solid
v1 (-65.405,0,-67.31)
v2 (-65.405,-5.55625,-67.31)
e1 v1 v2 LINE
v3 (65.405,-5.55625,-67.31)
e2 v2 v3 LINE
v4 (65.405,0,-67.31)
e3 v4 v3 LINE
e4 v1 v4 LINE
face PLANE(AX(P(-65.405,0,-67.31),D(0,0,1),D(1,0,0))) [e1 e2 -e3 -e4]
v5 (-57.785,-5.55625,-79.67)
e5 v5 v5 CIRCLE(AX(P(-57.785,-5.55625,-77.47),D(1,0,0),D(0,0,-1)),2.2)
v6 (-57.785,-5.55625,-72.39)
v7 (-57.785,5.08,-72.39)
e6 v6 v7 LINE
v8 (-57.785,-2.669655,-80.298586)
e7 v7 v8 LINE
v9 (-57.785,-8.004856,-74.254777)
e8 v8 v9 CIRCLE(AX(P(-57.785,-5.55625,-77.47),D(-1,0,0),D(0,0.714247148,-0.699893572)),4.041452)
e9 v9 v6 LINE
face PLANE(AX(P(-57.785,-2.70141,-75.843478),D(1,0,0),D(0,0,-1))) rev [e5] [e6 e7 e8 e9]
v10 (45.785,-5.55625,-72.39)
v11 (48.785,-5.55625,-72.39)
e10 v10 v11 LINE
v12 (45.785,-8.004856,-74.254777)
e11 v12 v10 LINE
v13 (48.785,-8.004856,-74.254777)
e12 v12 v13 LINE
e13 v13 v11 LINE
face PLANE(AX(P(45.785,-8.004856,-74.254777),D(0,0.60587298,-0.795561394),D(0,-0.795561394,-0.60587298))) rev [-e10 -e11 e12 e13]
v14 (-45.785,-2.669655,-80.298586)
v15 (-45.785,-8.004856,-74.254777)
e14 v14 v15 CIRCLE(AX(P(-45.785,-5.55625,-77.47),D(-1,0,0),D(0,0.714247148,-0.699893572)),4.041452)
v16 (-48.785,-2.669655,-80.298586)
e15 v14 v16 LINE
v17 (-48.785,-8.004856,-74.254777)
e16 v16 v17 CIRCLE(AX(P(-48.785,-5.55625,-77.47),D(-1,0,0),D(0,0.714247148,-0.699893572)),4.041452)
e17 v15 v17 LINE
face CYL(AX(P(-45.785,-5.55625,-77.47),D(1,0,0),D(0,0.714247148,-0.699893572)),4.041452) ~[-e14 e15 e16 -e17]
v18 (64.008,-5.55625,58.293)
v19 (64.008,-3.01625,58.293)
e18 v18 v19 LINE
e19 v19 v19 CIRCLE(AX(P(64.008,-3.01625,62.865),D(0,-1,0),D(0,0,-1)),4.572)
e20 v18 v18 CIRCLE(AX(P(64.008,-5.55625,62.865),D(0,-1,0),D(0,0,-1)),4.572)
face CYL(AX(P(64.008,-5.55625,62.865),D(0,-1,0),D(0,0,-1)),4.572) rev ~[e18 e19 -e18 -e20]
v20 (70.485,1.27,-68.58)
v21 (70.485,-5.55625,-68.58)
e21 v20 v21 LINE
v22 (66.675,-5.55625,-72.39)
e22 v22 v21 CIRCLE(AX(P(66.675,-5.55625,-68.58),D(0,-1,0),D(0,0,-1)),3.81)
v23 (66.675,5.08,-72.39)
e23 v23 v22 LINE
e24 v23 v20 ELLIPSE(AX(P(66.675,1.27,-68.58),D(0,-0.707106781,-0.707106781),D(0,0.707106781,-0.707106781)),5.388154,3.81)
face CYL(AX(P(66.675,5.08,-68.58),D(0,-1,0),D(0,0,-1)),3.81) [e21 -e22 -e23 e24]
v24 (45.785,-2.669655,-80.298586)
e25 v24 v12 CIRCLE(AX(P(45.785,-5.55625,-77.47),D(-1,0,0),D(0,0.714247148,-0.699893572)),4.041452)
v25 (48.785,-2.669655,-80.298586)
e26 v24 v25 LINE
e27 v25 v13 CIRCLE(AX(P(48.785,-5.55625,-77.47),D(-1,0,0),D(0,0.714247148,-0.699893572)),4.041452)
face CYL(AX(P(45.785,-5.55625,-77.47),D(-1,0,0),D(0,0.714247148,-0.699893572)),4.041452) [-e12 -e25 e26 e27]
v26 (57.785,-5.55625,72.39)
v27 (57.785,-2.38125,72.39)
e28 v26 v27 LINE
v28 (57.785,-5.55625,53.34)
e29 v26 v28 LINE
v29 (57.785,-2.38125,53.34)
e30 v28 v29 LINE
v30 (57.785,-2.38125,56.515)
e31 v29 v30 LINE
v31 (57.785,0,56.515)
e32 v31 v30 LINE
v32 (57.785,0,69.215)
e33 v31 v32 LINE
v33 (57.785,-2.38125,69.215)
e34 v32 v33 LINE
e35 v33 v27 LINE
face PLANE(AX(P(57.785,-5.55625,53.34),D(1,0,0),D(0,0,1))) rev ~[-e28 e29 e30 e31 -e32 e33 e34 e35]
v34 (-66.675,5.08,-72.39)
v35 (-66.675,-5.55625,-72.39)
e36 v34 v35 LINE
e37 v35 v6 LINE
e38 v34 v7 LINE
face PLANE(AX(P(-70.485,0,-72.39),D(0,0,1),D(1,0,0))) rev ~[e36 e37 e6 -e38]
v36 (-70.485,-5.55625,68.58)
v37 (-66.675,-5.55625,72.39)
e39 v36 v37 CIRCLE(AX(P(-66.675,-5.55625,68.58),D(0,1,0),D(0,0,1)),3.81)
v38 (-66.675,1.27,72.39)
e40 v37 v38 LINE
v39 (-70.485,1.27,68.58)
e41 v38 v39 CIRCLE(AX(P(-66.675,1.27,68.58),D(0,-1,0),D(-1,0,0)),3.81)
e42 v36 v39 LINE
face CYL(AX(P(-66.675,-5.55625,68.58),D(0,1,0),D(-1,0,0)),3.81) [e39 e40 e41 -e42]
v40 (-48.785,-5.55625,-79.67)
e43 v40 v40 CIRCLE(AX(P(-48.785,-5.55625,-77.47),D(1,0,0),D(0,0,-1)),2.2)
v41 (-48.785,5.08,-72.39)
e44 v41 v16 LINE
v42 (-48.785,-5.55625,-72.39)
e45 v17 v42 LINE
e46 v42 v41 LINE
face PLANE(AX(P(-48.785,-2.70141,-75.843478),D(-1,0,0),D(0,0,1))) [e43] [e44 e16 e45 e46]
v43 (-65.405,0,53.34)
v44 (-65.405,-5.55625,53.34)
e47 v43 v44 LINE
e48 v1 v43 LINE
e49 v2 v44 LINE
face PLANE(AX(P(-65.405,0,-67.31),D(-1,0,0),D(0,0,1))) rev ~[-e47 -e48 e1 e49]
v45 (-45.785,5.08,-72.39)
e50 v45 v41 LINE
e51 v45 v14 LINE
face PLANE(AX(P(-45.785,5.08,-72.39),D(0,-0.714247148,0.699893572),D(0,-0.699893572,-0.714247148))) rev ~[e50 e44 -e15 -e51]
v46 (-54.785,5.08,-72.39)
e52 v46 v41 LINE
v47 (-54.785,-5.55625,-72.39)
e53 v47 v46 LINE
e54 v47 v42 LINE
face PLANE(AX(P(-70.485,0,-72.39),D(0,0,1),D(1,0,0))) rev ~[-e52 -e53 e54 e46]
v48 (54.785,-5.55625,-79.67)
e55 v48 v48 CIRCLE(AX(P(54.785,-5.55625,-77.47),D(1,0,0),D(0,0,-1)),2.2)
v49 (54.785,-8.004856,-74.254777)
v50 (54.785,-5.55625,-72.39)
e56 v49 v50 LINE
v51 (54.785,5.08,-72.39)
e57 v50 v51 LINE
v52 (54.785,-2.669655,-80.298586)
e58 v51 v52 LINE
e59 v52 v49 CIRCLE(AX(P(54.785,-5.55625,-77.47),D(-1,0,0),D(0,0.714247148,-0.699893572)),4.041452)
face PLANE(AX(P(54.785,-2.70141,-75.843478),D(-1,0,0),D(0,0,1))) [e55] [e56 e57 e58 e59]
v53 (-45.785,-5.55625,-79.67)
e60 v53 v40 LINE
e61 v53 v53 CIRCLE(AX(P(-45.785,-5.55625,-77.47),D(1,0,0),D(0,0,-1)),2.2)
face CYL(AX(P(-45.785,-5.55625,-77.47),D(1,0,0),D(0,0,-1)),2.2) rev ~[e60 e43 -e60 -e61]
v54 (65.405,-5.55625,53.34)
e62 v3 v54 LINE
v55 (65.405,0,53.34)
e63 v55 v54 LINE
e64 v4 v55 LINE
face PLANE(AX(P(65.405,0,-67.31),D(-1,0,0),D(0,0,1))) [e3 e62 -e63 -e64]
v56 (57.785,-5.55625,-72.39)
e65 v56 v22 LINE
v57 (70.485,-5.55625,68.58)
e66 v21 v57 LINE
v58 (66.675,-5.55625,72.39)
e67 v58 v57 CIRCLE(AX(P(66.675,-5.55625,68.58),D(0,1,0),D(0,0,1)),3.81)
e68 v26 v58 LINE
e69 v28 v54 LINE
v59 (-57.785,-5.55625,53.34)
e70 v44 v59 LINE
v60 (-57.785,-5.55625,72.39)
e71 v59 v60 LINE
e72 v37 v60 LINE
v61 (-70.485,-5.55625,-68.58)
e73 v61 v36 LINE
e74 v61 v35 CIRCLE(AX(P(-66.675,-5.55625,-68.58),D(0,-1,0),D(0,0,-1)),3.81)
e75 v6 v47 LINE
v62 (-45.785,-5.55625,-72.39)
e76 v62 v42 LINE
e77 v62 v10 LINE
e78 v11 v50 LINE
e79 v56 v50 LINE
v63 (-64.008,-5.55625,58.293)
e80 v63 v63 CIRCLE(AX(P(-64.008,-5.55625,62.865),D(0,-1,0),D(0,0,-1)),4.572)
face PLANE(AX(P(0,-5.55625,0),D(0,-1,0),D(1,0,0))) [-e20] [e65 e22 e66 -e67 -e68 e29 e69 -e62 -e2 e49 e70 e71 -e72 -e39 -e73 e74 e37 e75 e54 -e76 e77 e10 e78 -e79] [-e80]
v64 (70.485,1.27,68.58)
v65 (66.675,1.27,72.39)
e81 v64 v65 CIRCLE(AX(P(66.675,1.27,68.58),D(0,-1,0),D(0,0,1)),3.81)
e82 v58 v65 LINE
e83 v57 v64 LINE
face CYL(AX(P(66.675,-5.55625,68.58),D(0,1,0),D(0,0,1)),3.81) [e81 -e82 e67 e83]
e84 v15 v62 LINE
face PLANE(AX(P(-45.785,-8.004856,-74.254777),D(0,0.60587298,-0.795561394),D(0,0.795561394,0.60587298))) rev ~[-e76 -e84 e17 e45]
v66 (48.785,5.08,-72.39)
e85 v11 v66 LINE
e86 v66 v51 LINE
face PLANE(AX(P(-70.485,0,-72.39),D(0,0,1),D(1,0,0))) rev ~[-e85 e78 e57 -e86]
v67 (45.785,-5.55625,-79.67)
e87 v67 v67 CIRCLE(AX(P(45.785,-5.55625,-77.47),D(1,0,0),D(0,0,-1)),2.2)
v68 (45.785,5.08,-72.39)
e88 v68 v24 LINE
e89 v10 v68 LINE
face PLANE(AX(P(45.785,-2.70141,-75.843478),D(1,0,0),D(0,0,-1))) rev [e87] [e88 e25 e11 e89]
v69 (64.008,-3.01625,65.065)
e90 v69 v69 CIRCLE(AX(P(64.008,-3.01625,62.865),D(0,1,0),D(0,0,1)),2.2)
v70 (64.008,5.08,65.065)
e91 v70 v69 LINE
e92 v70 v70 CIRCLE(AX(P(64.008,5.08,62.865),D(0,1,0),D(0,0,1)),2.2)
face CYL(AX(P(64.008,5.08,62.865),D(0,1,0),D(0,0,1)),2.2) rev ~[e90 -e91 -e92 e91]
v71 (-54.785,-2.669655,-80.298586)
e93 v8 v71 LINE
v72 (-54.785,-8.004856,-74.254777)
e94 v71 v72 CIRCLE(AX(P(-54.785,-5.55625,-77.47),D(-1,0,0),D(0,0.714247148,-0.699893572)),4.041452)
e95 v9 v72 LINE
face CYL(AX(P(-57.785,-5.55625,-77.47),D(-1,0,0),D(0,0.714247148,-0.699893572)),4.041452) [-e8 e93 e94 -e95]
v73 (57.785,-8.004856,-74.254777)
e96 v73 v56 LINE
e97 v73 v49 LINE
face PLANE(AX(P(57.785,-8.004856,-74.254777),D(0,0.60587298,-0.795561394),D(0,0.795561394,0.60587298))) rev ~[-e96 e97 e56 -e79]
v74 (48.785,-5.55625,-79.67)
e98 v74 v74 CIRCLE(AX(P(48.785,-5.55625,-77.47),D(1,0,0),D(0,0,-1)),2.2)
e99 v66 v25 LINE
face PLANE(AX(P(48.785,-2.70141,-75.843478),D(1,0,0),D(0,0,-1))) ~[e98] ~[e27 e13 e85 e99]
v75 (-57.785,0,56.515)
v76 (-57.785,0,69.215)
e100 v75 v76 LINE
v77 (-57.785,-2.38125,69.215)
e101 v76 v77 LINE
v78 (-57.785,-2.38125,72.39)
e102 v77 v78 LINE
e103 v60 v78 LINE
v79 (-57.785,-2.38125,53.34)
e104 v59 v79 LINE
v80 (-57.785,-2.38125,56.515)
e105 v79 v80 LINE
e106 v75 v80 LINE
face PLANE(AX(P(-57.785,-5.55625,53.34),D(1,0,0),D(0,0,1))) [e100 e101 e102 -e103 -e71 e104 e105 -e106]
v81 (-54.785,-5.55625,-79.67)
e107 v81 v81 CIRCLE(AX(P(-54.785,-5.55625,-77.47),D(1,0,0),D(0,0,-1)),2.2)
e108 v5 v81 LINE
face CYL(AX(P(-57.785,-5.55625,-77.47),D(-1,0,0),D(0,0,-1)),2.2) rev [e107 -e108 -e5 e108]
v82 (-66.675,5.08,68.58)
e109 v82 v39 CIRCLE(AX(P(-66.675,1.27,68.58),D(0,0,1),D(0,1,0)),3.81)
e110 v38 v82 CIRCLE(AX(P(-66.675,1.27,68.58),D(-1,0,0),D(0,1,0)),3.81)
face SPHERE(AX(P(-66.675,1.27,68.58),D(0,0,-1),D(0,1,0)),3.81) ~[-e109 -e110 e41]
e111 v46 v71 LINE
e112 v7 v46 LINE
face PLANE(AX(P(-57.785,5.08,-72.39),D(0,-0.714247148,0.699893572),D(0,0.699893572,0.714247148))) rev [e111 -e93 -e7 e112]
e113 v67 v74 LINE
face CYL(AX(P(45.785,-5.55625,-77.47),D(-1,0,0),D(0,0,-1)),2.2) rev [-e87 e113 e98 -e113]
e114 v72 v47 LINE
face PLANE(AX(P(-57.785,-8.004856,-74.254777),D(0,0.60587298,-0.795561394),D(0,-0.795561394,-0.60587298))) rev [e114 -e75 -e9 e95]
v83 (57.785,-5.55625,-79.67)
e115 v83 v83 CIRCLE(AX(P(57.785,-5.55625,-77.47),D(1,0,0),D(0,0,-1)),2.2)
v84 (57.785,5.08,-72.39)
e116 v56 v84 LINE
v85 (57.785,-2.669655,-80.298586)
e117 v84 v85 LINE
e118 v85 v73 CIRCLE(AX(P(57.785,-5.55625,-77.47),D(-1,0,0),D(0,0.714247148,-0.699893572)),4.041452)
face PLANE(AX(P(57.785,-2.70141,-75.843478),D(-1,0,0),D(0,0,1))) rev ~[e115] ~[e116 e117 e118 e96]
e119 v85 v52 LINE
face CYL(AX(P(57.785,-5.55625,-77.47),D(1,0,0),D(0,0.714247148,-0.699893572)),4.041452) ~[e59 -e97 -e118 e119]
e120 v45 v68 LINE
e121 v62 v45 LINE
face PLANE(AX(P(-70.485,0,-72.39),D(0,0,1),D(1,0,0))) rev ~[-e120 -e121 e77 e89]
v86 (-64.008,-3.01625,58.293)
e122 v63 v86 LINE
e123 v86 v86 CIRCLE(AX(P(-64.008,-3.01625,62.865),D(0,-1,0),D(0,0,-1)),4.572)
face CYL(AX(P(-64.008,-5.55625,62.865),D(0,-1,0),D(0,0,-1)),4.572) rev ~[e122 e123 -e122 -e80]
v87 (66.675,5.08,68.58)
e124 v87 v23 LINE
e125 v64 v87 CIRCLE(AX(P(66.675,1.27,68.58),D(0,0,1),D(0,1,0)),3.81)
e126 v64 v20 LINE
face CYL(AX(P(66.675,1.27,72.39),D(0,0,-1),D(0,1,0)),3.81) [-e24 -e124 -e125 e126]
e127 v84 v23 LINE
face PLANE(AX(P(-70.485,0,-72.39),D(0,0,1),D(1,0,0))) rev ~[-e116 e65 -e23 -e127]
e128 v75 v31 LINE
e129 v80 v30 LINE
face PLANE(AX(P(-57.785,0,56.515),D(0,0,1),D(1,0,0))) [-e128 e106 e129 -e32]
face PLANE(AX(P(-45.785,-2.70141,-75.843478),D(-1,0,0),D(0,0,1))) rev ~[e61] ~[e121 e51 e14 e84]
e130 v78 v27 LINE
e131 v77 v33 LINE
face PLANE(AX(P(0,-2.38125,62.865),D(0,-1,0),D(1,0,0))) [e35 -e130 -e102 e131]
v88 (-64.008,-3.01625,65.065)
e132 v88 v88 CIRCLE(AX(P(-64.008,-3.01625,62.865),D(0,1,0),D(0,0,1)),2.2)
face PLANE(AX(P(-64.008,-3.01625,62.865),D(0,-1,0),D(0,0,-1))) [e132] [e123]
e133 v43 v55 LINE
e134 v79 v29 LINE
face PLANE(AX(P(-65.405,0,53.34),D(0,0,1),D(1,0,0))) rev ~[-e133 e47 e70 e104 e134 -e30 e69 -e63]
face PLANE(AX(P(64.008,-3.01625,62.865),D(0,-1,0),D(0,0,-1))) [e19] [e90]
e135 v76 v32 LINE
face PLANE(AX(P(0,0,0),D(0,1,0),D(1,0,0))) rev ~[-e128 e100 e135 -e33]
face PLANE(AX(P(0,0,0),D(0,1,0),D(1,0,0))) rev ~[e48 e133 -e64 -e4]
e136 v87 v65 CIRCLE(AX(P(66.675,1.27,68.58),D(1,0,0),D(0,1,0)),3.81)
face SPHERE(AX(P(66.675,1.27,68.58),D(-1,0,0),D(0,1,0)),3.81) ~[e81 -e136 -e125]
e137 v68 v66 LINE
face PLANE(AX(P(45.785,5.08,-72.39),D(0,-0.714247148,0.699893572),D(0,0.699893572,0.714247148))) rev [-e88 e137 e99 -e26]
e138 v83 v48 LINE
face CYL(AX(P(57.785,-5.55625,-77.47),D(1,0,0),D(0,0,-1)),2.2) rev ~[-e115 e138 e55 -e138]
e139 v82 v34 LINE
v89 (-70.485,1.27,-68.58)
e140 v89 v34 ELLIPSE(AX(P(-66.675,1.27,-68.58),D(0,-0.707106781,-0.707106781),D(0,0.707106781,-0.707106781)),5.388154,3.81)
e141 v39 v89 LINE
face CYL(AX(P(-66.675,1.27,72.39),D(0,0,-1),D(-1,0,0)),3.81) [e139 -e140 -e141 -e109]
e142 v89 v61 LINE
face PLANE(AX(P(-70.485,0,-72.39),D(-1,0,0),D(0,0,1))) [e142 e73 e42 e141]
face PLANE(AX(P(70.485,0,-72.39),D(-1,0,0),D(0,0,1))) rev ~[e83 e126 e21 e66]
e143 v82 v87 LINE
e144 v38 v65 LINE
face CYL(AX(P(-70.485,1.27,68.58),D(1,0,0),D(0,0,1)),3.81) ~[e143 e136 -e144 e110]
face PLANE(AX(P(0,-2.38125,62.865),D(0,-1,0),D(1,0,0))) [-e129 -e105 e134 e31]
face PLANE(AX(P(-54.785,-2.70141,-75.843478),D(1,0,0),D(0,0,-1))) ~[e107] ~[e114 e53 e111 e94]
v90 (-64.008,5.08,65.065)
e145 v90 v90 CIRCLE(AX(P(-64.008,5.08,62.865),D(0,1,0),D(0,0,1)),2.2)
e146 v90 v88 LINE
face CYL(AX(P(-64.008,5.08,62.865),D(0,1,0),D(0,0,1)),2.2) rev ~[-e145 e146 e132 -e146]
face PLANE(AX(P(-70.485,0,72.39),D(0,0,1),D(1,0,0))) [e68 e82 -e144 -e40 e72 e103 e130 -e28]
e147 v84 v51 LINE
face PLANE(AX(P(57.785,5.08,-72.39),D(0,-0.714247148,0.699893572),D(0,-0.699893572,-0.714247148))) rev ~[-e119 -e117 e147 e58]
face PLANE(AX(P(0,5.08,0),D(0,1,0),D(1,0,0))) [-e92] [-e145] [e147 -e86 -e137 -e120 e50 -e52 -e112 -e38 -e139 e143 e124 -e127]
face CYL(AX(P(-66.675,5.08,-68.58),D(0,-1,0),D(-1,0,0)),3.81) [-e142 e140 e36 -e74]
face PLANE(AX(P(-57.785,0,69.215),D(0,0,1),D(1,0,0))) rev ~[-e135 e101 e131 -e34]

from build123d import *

# Parameters (mm, degrees)
SKETCH1_W               = 140.97
SKETCH1_H               = 144.78
BOSS_EXTRUDE1_DEPTH     = 5.08
SKETCH2_W               = 140.97
SKETCH2_H               = 144.78
SKETCH2_W_2             = 115.57
SKETCH2_H_2             = 12.7
SKETCH2_W_3             = 130.81
SKETCH2_H_3             = 120.65
BOSS_EXTRUDE2_DEPTH     = 5.55625
SKETCH3_W               = 115.57
SKETCH3_H               = 19.05
CUT_EXTRUDE1_DEPTH      = 3.175
SKETCH4_R               = 2.2
BOSS_EXTRUDE3_DEPTH     = 3
MIRROR2_COPY_1_SKETCH_R = 2.2
MIRROR2_COPY_1_DEPTH    = 3
SKETCH5_R               = 2.2
CUT_EXTRUDE2_DEPTH      = 109.755169743
SKETCH6_R               = 4.572
CUT_EXTRUDE3_DEPTH      = 2.54
FILLET1_R               = 3.81


with BuildPart() as part:
    # Sketch1 → Boss-Extrude1 (new body)
    with BuildSketch(Plane(origin=(0, 0, 0), x_dir=(1, 0, 0), z_dir=(0, 1, 0))):
        Rectangle(SKETCH1_W, SKETCH1_H)
    extrude(amount=BOSS_EXTRUDE1_DEPTH)

    # Sketch2 → Boss-Extrude2 (add)
    with BuildSketch(Plane.XZ):
        Rectangle(SKETCH2_W, SKETCH2_H)
        with Locations((0, 62.865)):
            Rectangle(SKETCH2_W_2, SKETCH2_H_2, mode=Mode.SUBTRACT)
        with Locations((0, -6.985)):
            Rectangle(SKETCH2_W_3, SKETCH2_H_3, mode=Mode.SUBTRACT)
    extrude(amount=BOSS_EXTRUDE2_DEPTH)

    # Sketch3 → Cut-Extrude1 (cut)
    with BuildSketch(Plane.XZ.offset(5.55625)):
        with Locations((0, 62.865)):
            Rectangle(SKETCH3_W, SKETCH3_H)
    extrude(amount=-CUT_EXTRUDE1_DEPTH, mode=Mode.SUBTRACT)

    # Sketch4 → Boss-Extrude3 (add)
    with BuildSketch(Plane(origin=(57.785, 0, 0), x_dir=(0, 0, -1), z_dir=(1, 0, 0))):
        with BuildLine():
            Line((72.39, 5.08), (80.298586194, -2.669654518))
            ThreePointArc((80.298586194, -2.669654518), (80.144596616, -8.586079413), (74.254776903, -8.004856495))
            Line((74.254776903, -8.004856495), (72.39, -5.55625))
            Line((72.39, -5.55625), (72.39, 5.08))
        make_face()
        with Locations((77.47, -5.55625)):
            Circle(SKETCH4_R, mode=Mode.SUBTRACT)
    boss_extrude3 = extrude(amount=-BOSS_EXTRUDE3_DEPTH)

    # Mirror1: Boss-Extrude3 across plane
    add(boss_extrude3.mirror(Plane.ZY.offset(-51.784999904)))

    # Mirror2: Boss-Extrude3 across plane
    add(boss_extrude3.mirror(Plane(origin=(0, 0, 0), x_dir=(0, 0, 1), z_dir=(1, 0, 0))))

    # Mirror2 copy 1 sketch → Mirror2 copy 1 (add)
    with BuildSketch(Plane(origin=(-45.784999808, 0, 0), x_dir=(0, 0, -1), z_dir=(1, 0, 0))):
        with BuildLine():
            Line((72.39, 5.08), (80.298586194, -2.669654518))
            ThreePointArc((80.298586194, -2.669654518), (80.144596616, -8.586079413), (74.254776903, -8.004856495))
            Line((74.254776903, -8.004856495), (72.39, -5.55625))
            Line((72.39, -5.55625), (72.39, 5.08))
        make_face()
        with Locations((77.47, -5.55625)):
            Circle(MIRROR2_COPY_1_SKETCH_R, mode=Mode.SUBTRACT)
    extrude(amount=-MIRROR2_COPY_1_DEPTH)

    # Sketch5 → Cut-Extrude2 (cut, through all)
    with BuildSketch(Plane(origin=(0, 5.08, 0), x_dir=(1, 0, 0), z_dir=(0, 1, 0))):
        with Locations(Location((64.008, -62.865, 0), (0, 0, 270))):
            Circle(SKETCH5_R)
        with Locations(Location((-64.008, -62.865, 0), (0, 0, 270))):
            Circle(SKETCH5_R)
    extrude(amount=-CUT_EXTRUDE2_DEPTH, mode=Mode.SUBTRACT)

    # Sketch6 → Cut-Extrude3 (cut)
    with BuildSketch(Plane.XZ.offset(5.55625)):
        with Locations(Location((-64.008, 62.865, 0), (0, 0, 270))):
            Circle(SKETCH6_R)
        with Locations(Location((64.008, 62.865, 0), (0, 0, 270))):
            Circle(SKETCH6_R)
    extrude(amount=-CUT_EXTRUDE3_DEPTH, mode=Mode.SUBTRACT)

    # Fillet1
    fillet1_edges = [part.edges().sort_by_distance(p)[0] for p in [
        (-70.485, 5.08, 0),
        (0, 5.08, 72.39),
        (70.485, 5.08, 0),
        (70.485, -0.238125, 72.39),
        (-70.485, -0.238125, 72.39),
        (-70.485, -0.238125, -72.39),
        (70.485, -0.238125, -72.39),
    ]]
    fillet(fillet1_edges, radius=FILLET1_R)


solid = part.part
